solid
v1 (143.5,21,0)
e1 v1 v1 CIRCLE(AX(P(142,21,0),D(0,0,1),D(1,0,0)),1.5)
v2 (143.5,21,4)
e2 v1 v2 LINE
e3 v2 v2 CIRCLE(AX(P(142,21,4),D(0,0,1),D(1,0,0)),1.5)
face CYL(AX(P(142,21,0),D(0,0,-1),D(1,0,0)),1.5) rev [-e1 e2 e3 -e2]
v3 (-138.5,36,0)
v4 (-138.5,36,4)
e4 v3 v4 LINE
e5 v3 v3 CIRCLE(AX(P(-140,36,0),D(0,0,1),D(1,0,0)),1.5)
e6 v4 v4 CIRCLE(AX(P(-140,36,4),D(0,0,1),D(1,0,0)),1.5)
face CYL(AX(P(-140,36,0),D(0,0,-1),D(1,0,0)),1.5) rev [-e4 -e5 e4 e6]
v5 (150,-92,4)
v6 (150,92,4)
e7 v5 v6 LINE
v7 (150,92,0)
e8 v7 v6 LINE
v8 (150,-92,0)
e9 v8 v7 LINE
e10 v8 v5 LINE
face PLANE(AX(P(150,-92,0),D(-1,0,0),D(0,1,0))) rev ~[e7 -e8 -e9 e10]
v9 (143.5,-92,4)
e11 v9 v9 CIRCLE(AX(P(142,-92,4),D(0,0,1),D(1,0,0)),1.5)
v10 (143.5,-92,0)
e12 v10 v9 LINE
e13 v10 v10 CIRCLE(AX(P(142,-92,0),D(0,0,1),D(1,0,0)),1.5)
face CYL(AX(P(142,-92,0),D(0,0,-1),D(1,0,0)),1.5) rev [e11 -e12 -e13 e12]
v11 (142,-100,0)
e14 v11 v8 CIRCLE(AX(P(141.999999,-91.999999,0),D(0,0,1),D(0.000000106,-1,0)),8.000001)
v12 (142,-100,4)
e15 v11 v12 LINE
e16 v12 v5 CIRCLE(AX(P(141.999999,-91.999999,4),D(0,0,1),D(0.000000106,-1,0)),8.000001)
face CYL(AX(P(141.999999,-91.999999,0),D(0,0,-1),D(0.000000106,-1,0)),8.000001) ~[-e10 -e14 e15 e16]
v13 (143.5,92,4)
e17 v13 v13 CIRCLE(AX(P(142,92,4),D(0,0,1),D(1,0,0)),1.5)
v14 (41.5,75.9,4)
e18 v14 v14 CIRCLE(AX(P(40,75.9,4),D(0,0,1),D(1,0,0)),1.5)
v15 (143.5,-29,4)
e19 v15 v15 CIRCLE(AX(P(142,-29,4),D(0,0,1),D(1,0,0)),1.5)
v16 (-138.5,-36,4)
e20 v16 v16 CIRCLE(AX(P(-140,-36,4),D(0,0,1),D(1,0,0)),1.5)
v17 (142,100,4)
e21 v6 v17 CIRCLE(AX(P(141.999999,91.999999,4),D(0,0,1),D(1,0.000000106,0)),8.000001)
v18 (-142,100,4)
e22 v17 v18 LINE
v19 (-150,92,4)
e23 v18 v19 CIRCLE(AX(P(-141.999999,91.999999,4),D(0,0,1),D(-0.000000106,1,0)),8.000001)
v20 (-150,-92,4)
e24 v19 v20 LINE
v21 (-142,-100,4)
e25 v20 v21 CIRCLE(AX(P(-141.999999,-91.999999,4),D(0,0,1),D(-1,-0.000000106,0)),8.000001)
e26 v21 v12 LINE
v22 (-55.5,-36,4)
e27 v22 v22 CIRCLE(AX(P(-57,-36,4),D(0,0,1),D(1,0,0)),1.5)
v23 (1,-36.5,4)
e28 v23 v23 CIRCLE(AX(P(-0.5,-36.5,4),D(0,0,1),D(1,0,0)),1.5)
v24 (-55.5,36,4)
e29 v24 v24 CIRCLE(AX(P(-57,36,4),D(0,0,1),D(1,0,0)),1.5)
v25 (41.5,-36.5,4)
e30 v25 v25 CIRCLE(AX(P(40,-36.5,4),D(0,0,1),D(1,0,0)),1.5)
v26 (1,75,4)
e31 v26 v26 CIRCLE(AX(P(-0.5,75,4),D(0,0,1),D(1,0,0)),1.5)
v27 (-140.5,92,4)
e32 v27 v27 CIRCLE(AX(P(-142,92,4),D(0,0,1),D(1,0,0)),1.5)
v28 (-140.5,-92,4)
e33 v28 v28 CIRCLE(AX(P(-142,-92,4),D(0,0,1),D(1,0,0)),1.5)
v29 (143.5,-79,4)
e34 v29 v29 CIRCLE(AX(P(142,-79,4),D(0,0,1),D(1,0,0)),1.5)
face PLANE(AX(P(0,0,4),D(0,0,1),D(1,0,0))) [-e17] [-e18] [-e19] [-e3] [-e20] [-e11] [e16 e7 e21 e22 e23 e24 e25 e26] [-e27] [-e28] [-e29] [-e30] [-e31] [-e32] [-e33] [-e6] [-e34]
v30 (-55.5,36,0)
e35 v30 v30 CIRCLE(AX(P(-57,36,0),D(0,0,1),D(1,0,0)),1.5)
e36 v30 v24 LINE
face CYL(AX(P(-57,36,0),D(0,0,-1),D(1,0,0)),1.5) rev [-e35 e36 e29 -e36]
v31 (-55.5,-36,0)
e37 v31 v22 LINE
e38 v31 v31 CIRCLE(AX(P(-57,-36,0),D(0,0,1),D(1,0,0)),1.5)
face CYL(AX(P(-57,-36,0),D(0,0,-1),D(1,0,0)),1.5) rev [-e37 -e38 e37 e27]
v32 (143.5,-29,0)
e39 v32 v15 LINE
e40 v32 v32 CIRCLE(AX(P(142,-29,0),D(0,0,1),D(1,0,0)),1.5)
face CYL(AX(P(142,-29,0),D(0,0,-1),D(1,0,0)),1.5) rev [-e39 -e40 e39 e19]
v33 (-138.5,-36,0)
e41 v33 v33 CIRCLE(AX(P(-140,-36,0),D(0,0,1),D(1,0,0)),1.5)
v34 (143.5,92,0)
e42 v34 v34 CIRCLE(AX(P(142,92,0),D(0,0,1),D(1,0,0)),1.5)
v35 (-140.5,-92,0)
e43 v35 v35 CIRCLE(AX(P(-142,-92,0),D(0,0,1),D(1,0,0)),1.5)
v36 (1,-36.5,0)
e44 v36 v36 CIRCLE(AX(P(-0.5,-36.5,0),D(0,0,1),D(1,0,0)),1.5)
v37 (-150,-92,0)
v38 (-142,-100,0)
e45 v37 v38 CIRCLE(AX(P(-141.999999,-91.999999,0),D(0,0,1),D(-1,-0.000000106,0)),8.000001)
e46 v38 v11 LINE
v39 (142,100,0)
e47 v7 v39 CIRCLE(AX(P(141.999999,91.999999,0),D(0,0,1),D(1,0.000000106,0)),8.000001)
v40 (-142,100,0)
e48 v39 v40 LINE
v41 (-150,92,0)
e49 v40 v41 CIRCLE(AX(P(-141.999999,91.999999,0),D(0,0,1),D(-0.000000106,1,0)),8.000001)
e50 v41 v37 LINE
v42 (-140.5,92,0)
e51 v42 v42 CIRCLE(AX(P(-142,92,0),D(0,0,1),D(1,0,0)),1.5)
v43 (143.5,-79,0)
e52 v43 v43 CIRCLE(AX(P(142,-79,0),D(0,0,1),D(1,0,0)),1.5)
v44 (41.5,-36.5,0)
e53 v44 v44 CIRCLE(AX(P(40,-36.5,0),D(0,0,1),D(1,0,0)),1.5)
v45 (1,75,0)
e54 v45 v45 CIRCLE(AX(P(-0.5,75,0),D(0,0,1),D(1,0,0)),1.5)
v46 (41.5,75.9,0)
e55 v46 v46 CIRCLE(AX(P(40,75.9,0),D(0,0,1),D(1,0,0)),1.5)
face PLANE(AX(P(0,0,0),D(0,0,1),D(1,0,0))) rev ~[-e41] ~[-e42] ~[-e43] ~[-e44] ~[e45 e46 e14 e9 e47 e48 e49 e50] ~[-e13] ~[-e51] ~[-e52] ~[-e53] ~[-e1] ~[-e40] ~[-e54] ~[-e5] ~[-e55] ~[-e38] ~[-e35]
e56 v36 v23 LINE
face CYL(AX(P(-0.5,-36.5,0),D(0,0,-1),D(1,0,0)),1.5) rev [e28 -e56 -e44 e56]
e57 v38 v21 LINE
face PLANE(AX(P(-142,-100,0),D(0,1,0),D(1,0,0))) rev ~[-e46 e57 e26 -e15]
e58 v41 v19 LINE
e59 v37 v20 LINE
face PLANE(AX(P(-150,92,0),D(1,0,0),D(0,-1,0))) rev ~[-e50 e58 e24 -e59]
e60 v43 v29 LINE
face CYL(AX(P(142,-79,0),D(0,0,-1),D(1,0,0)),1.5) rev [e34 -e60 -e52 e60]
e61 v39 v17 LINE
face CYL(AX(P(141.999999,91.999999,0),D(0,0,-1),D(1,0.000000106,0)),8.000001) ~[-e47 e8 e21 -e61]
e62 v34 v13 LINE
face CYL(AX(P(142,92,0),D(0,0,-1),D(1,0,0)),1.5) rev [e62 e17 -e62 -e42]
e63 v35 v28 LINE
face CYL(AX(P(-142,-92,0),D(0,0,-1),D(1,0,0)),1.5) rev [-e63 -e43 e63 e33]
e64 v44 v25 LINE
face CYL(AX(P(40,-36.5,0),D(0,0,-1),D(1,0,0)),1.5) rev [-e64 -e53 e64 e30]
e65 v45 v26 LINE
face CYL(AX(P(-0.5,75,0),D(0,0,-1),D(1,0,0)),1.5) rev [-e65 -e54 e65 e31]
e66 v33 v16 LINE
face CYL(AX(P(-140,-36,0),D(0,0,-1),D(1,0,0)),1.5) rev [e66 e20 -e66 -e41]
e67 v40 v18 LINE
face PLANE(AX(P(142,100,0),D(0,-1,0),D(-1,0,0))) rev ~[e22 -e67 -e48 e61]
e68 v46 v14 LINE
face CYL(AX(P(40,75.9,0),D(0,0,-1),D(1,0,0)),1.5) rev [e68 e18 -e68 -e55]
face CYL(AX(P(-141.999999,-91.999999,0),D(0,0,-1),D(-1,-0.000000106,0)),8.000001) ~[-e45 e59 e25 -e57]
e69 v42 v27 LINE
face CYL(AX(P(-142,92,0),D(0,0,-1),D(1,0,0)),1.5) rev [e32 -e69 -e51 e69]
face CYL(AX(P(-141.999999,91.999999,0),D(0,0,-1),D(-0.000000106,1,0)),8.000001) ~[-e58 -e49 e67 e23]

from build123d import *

# Parameters (mm, degrees)
F0_R     = 1.5
F1_DEPTH = 4


with BuildPart() as f1:
    # F0 (on Top) → F1 (new body)
    with BuildSketch(Plane.XY):
        with BuildLine():
            Line((-142, -100), (142, -100))
            ThreePointArc((142, -100), (147.656854, -97.656854), (150, -92))
            Line((150, -92), (150, 92))
            ThreePointArc((150, 92), (147.656854, 97.656854), (142, 100))
            Line((142, 100), (-142, 100))
            ThreePointArc((-142, 100), (-147.656854, 97.656854), (-150, 92))
            Line((-150, 92), (-150, -92))
            ThreePointArc((-150, -92), (-147.656854, -97.656854), (-142, -100))
        make_face()
        with Locations((-142, -92)):
            Circle(F0_R, mode=Mode.SUBTRACT)
        with Locations((-140, -36)):
            Circle(F0_R, mode=Mode.SUBTRACT)
        with Locations((-57, -36)):
            Circle(F0_R, mode=Mode.SUBTRACT)
        with Locations((-0.5, -36.5)):
            Circle(F0_R, mode=Mode.SUBTRACT)
        with Locations((142, -92)):
            Circle(F0_R, mode=Mode.SUBTRACT)
        with Locations((142, -79)):
            Circle(F0_R, mode=Mode.SUBTRACT)
        with Locations((40, -36.5)):
            Circle(F0_R, mode=Mode.SUBTRACT)
        with Locations((142, -29)):
            Circle(F0_R, mode=Mode.SUBTRACT)
        with Locations((-140, 36)):
            Circle(F0_R, mode=Mode.SUBTRACT)
        with Locations((-57, 36)):
            Circle(F0_R, mode=Mode.SUBTRACT)
        with Locations((-142, 92)):
            Circle(F0_R, mode=Mode.SUBTRACT)
        with Locations((-0.5, 75)):
            Circle(F0_R, mode=Mode.SUBTRACT)
        with Locations((142, 21)):
            Circle(F0_R, mode=Mode.SUBTRACT)
        with Locations((40, 75.9)):
            Circle(F0_R, mode=Mode.SUBTRACT)
        with Locations((142, 92)):
            Circle(F0_R, mode=Mode.SUBTRACT)
    extrude(amount=F1_DEPTH)


solid = f1.part
